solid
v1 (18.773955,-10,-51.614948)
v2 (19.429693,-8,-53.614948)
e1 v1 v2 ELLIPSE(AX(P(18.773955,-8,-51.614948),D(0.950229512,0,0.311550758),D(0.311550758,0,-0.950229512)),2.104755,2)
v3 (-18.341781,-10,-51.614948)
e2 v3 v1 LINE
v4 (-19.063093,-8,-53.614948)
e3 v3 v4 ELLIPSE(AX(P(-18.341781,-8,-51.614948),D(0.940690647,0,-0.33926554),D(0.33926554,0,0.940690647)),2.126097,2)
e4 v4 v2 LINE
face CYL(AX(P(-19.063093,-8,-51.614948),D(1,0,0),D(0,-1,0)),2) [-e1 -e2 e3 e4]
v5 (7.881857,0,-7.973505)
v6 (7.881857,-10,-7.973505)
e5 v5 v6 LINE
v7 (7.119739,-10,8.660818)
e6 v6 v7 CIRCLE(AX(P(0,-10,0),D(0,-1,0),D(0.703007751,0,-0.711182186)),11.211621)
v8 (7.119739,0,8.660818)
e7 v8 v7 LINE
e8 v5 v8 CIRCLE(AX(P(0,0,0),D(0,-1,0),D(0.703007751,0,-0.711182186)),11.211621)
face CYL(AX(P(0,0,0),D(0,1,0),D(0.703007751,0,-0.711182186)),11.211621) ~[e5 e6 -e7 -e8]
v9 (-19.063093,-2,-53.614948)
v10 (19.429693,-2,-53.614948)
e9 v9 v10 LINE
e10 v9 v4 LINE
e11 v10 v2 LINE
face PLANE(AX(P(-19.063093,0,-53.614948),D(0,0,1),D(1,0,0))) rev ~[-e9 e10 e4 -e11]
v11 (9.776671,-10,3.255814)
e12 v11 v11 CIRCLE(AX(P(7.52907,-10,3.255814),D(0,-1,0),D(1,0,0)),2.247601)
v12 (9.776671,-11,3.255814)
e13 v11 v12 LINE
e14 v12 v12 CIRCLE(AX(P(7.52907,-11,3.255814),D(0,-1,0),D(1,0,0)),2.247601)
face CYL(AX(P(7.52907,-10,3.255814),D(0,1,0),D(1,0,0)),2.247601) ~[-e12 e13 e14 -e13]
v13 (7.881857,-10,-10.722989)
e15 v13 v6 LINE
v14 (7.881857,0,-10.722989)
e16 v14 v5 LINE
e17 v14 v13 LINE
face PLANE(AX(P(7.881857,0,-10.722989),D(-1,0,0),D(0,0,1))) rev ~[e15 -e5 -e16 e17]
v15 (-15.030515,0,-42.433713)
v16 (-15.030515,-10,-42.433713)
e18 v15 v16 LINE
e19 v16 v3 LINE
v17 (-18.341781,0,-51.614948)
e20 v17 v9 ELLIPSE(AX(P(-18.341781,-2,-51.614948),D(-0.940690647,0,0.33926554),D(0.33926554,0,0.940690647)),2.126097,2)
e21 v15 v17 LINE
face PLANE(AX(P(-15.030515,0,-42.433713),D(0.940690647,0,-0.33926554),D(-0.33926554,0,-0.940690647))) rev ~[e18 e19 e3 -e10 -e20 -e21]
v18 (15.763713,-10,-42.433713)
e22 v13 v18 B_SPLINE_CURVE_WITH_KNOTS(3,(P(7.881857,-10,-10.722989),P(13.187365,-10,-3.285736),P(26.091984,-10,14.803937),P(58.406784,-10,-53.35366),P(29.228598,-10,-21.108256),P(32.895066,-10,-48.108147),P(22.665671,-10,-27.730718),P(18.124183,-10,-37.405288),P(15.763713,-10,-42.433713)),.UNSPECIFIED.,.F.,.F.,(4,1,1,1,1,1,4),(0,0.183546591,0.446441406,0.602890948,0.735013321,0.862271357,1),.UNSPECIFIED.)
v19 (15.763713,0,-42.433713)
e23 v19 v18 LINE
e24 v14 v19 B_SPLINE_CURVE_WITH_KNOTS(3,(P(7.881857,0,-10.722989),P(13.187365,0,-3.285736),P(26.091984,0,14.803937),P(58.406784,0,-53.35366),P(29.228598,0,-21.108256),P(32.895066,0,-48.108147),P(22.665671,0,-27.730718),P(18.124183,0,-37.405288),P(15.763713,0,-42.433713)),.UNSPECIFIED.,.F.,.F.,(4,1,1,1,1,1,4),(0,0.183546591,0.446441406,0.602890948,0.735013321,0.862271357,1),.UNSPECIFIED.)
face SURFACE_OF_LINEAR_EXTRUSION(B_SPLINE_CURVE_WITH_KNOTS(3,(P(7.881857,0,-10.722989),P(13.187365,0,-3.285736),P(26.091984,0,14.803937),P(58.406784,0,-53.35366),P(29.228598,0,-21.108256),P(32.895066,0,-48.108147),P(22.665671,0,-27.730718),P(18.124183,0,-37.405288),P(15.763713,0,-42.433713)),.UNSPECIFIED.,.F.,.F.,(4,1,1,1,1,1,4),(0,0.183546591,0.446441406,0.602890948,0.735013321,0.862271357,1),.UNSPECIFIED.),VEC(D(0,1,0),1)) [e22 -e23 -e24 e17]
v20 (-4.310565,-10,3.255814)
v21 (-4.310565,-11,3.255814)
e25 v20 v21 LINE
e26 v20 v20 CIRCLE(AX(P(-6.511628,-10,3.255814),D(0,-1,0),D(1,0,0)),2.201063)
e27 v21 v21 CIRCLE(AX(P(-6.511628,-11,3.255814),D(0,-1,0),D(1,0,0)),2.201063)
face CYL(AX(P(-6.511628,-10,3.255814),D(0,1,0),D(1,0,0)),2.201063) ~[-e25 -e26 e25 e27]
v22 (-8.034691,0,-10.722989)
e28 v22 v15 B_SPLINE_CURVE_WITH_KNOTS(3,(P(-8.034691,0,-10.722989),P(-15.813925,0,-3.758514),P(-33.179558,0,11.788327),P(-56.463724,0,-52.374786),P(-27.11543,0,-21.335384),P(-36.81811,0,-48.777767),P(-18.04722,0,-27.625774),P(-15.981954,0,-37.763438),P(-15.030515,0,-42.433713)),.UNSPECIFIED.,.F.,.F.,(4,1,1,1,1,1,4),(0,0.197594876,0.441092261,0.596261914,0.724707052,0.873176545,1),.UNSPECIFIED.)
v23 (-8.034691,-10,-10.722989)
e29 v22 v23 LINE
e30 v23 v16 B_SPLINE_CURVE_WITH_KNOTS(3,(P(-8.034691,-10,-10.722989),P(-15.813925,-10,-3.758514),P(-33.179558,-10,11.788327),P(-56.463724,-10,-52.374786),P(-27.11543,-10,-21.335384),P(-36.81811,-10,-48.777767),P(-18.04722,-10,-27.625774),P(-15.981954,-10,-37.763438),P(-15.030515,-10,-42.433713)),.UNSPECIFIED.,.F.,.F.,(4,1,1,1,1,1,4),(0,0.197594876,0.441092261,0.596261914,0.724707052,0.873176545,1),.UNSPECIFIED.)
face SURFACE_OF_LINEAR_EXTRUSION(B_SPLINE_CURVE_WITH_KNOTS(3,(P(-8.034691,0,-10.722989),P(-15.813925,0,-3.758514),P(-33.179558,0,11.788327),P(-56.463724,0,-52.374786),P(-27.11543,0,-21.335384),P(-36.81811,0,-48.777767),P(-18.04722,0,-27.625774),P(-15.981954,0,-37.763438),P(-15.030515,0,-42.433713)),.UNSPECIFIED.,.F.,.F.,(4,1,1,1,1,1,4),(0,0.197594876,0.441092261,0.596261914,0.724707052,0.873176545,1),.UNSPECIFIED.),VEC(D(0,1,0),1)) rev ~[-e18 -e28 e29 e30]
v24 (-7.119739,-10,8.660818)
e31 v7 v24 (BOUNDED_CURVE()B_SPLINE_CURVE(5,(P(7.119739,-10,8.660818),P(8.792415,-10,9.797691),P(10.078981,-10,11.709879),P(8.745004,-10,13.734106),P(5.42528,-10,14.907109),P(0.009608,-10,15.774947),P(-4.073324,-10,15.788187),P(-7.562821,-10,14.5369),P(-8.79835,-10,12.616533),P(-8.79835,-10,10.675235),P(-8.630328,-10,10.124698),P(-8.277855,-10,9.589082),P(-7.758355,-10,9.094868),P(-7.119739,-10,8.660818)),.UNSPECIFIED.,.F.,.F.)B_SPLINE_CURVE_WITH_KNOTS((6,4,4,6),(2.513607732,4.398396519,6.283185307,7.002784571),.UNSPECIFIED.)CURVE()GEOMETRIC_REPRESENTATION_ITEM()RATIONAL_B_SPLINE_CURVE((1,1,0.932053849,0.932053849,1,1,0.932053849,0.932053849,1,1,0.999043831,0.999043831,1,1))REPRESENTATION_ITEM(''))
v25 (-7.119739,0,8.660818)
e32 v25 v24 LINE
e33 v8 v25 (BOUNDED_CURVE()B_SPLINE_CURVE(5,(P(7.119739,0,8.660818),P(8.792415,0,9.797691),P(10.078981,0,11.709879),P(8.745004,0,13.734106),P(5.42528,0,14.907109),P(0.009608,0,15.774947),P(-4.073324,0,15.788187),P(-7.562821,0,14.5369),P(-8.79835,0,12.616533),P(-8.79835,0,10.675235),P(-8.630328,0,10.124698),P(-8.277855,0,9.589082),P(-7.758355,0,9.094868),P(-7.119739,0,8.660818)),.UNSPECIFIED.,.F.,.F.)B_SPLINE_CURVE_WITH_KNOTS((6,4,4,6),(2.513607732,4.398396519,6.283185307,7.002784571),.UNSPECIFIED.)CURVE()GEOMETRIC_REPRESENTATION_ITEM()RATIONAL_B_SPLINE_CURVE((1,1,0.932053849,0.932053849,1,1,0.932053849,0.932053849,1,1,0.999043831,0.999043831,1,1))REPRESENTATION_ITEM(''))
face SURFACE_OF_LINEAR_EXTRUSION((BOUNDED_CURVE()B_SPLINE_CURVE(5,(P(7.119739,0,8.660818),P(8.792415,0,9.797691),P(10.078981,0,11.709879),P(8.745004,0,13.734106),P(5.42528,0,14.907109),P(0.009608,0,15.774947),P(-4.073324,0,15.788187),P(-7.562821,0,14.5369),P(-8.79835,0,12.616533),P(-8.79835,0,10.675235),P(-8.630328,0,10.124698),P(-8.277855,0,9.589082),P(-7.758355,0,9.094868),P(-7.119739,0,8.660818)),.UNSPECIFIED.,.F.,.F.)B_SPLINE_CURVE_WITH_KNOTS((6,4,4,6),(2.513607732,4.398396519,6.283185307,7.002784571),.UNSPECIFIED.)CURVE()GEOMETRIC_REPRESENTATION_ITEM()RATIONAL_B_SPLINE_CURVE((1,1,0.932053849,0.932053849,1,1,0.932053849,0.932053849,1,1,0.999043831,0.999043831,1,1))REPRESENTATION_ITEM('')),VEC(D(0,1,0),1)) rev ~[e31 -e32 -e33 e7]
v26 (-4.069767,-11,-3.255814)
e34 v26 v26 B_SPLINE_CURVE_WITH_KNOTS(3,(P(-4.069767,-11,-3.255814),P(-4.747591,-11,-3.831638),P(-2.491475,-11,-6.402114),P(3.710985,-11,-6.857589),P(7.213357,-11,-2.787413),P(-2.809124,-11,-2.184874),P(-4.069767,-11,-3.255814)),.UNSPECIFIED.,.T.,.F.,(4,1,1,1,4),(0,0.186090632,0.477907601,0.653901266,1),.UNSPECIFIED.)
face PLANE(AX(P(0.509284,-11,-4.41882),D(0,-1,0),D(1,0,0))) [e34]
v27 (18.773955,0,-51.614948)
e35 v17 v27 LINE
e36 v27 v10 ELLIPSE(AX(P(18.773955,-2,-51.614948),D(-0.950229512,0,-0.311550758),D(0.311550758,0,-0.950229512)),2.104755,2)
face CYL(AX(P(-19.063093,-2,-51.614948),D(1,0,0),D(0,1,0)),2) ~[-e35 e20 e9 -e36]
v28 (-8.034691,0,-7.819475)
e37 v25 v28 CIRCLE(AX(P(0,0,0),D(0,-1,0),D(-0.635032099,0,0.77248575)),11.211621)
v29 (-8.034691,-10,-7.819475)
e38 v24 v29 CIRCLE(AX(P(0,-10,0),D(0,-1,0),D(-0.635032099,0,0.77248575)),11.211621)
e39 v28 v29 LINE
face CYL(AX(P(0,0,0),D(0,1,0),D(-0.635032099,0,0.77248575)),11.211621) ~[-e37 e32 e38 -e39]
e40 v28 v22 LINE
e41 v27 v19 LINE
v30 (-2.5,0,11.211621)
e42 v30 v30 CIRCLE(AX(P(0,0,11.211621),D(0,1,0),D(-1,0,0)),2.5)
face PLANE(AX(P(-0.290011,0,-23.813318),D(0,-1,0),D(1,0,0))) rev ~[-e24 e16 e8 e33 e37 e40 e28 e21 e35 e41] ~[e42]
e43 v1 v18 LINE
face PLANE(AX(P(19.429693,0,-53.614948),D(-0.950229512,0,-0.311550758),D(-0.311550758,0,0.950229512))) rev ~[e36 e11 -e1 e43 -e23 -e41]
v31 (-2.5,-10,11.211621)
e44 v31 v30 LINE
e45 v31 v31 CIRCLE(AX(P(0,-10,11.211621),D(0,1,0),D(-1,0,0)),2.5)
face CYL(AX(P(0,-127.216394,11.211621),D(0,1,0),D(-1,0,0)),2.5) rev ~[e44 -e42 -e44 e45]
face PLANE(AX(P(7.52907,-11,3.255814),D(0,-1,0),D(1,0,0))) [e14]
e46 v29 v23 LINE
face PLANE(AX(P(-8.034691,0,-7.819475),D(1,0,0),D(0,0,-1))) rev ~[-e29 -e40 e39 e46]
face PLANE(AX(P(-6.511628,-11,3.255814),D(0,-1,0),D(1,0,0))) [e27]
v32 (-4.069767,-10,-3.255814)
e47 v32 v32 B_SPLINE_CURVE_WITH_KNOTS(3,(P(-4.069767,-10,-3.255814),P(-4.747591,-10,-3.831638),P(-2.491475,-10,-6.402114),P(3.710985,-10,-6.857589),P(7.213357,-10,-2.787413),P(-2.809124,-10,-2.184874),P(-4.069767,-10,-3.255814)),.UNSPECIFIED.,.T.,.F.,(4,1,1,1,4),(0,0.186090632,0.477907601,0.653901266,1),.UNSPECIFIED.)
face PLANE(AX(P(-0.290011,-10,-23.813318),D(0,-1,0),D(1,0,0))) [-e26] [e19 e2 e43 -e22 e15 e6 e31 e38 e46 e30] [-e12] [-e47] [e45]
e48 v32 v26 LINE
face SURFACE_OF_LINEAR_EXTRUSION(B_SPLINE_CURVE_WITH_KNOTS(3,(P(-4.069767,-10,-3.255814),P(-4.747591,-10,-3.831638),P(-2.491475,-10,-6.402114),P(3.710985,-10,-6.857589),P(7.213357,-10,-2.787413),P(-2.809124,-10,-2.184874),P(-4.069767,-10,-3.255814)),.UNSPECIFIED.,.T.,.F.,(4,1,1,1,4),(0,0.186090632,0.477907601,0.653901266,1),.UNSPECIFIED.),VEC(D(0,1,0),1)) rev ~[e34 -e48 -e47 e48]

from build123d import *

# Parameters (mm, degrees)
F1_DEPTH = 10
F3_D     = 5
F4_R     = 2
F5_R     = 2.2010626182
F5_R_2   = 2.2476013901
F6_DEPTH = 1


with BuildPart() as f1:
    # F0 (on Front) → F1 (new body)
    with BuildSketch(Plane.XZ):
        with BuildLine():
            Line((7.8818565235, -10.7229892164), (7.8818565235, -7.9735051841))
            ThreePointArc((7.8818565235, -7.9735051841), (11.1998724072, 0.5131327699), (7.1197392626, 8.6608175139))
            add(Edge.make_bspline(
                [(-7.1197392626, 8.6608175139), (0, 3.8217201368), (7.1197392626, 8.6608175139)],
                knots=[0.6279849221, 0.6279849221, 0.6279849221, 2.5136077315, 2.5136077315, 2.5136077315], degree=2, weights=[1, 0.5875153245, 1]))
            ThreePointArc((-7.1197392626, 8.6608175139), (-11.1943824638, 0.6214888819), (-8.0346909004, -7.8194750023))
            Line((-8.0346909004, -7.8194750023), (-8.0346909004, -10.7229892164))
            add(Edge.make_bspline(
                [(-8.0346909004, -10.7229892164), (-15.813925183, -3.7585140221), (-33.1795579045, 11.7883269559), (-56.4637239472, -52.374785533), (-27.1154298981, -21.3353841275), (-36.8181095198, -48.7777674209), (-18.0472198067, -27.6257742323), (-15.9819535103, -37.7634383089), (-15.0305153802, -42.4337126315)],
                knots=[0, 0, 0, 0, 0.1975948756, 0.4410922609, 0.5962619137, 0.724707052, 0.8731765448, 1, 1, 1, 1], degree=3))
            Line((-15.0305153802, -42.4337126315), (-19.0630927682, -53.6149479449))
            Line((-19.0630927682, -53.6149479449), (19.4296929985, -53.6149479449))
            Line((19.4296929985, -53.6149479449), (15.7637130469, -42.4337126315))
            add(Edge.make_bspline(
                [(7.8818565235, -10.7229892164), (13.1873651895, -3.2857360268), (26.0919837912, 14.8039367826), (58.4067835946, -53.353660405), (29.2285982647, -21.1082556225), (32.8950656358, -48.1081471296), (22.6656710056, -27.7307180672), (18.1241827222, -37.4052883768), (15.7637130469, -42.4337126315)],
                knots=[0, 0, 0, 0, 0.1835465907, 0.446441406, 0.6028909476, 0.7350133214, 0.8622713568, 1, 1, 1, 1], degree=3))
        make_face()
        with BuildLine():
            add(Edge.make_bspline(
                [(-7.1197392626, 8.6608175139), (0, 3.8217201368), (7.1197392626, 8.6608175139)],
                knots=[0.6279849221, 0.6279849221, 0.6279849221, 2.5136077315, 2.5136077315, 2.5136077315], degree=2, weights=[1, 0.5875153245, 1]))
            ThreePointArc((7.1197392626, 8.6608175139), (0, 11.2116210771), (-7.1197392626, 8.6608175139))
        make_face()
        with BuildLine():
            ThreePointArc((-7.1197392626, 8.6608175139), (0, 11.2116210771), (7.1197392626, 8.6608175139))
            add(Edge.make_bspline(
                [(7.1197392626, 8.6608175139), (14.2332371547, 13.4956727976), (2.717443753, 15.3410279156), (-8.7983496487, 17.1863830337), (-8.7983496487, 11.2116210771)],
                knots=[2.5136077315, 2.5136077315, 2.5136077315, 4.3983965193, 4.3983965193, 6.2831853072, 6.2831853072, 6.2831853072], degree=2, weights=[1, 0.587852724, 1, 0.587852724, 1]))
            add(Edge.make_bspline(
                [(-8.7983496487, 11.2116210771), (-8.7983496487, 9.8017243389), (-7.1197392626, 8.6608175139)],
                knots=[0, 0, 0, 0.6279849221, 0.6279849221, 0.6279849221], degree=2, weights=[1, 0.9511080484, 1]))
        make_face()
    extrude(amount=F1_DEPTH)

    # F3 (through all)
    with Locations(Plane.XZ.offset(10)):
        with Locations((0, 11.2116210771)):
            Hole(F3_D / 2)

    # F4
    f4_edges = [f1.edges().sort_by_distance(p)[0] for p in [
        (0.1833, -10, -53.614948),
        (0.1833, 0, -53.614948),
    ]]
    fillet(f4_edges, radius=F4_R)

    # F5 (on face) → F6 (join)
    with BuildSketch(Plane.XZ.offset(10)):
        with Locations((-6.5116276965, 3.2558140811)):
            Circle(F5_R)
        with Locations((7.5290696695, 3.2558140811)):
            Circle(F5_R_2)
        with BuildLine():
            add(Edge.make_bspline(
                [(-4.0697674267, -3.2558140811), (-4.7475910347, -3.8316378789), (-2.4914750523, -6.4021135325), (3.7109853439, -6.8575893566), (7.2133571685, -2.7874127354), (-2.8091242129, -2.1848741573), (-4.0697674267, -3.2558140811)],
                knots=[0, 0, 0, 0, 0.186090632, 0.4779076007, 0.6539012663, 1, 1, 1, 1], degree=3))
        make_face()
    extrude(amount=F6_DEPTH)


solid = f1.part
